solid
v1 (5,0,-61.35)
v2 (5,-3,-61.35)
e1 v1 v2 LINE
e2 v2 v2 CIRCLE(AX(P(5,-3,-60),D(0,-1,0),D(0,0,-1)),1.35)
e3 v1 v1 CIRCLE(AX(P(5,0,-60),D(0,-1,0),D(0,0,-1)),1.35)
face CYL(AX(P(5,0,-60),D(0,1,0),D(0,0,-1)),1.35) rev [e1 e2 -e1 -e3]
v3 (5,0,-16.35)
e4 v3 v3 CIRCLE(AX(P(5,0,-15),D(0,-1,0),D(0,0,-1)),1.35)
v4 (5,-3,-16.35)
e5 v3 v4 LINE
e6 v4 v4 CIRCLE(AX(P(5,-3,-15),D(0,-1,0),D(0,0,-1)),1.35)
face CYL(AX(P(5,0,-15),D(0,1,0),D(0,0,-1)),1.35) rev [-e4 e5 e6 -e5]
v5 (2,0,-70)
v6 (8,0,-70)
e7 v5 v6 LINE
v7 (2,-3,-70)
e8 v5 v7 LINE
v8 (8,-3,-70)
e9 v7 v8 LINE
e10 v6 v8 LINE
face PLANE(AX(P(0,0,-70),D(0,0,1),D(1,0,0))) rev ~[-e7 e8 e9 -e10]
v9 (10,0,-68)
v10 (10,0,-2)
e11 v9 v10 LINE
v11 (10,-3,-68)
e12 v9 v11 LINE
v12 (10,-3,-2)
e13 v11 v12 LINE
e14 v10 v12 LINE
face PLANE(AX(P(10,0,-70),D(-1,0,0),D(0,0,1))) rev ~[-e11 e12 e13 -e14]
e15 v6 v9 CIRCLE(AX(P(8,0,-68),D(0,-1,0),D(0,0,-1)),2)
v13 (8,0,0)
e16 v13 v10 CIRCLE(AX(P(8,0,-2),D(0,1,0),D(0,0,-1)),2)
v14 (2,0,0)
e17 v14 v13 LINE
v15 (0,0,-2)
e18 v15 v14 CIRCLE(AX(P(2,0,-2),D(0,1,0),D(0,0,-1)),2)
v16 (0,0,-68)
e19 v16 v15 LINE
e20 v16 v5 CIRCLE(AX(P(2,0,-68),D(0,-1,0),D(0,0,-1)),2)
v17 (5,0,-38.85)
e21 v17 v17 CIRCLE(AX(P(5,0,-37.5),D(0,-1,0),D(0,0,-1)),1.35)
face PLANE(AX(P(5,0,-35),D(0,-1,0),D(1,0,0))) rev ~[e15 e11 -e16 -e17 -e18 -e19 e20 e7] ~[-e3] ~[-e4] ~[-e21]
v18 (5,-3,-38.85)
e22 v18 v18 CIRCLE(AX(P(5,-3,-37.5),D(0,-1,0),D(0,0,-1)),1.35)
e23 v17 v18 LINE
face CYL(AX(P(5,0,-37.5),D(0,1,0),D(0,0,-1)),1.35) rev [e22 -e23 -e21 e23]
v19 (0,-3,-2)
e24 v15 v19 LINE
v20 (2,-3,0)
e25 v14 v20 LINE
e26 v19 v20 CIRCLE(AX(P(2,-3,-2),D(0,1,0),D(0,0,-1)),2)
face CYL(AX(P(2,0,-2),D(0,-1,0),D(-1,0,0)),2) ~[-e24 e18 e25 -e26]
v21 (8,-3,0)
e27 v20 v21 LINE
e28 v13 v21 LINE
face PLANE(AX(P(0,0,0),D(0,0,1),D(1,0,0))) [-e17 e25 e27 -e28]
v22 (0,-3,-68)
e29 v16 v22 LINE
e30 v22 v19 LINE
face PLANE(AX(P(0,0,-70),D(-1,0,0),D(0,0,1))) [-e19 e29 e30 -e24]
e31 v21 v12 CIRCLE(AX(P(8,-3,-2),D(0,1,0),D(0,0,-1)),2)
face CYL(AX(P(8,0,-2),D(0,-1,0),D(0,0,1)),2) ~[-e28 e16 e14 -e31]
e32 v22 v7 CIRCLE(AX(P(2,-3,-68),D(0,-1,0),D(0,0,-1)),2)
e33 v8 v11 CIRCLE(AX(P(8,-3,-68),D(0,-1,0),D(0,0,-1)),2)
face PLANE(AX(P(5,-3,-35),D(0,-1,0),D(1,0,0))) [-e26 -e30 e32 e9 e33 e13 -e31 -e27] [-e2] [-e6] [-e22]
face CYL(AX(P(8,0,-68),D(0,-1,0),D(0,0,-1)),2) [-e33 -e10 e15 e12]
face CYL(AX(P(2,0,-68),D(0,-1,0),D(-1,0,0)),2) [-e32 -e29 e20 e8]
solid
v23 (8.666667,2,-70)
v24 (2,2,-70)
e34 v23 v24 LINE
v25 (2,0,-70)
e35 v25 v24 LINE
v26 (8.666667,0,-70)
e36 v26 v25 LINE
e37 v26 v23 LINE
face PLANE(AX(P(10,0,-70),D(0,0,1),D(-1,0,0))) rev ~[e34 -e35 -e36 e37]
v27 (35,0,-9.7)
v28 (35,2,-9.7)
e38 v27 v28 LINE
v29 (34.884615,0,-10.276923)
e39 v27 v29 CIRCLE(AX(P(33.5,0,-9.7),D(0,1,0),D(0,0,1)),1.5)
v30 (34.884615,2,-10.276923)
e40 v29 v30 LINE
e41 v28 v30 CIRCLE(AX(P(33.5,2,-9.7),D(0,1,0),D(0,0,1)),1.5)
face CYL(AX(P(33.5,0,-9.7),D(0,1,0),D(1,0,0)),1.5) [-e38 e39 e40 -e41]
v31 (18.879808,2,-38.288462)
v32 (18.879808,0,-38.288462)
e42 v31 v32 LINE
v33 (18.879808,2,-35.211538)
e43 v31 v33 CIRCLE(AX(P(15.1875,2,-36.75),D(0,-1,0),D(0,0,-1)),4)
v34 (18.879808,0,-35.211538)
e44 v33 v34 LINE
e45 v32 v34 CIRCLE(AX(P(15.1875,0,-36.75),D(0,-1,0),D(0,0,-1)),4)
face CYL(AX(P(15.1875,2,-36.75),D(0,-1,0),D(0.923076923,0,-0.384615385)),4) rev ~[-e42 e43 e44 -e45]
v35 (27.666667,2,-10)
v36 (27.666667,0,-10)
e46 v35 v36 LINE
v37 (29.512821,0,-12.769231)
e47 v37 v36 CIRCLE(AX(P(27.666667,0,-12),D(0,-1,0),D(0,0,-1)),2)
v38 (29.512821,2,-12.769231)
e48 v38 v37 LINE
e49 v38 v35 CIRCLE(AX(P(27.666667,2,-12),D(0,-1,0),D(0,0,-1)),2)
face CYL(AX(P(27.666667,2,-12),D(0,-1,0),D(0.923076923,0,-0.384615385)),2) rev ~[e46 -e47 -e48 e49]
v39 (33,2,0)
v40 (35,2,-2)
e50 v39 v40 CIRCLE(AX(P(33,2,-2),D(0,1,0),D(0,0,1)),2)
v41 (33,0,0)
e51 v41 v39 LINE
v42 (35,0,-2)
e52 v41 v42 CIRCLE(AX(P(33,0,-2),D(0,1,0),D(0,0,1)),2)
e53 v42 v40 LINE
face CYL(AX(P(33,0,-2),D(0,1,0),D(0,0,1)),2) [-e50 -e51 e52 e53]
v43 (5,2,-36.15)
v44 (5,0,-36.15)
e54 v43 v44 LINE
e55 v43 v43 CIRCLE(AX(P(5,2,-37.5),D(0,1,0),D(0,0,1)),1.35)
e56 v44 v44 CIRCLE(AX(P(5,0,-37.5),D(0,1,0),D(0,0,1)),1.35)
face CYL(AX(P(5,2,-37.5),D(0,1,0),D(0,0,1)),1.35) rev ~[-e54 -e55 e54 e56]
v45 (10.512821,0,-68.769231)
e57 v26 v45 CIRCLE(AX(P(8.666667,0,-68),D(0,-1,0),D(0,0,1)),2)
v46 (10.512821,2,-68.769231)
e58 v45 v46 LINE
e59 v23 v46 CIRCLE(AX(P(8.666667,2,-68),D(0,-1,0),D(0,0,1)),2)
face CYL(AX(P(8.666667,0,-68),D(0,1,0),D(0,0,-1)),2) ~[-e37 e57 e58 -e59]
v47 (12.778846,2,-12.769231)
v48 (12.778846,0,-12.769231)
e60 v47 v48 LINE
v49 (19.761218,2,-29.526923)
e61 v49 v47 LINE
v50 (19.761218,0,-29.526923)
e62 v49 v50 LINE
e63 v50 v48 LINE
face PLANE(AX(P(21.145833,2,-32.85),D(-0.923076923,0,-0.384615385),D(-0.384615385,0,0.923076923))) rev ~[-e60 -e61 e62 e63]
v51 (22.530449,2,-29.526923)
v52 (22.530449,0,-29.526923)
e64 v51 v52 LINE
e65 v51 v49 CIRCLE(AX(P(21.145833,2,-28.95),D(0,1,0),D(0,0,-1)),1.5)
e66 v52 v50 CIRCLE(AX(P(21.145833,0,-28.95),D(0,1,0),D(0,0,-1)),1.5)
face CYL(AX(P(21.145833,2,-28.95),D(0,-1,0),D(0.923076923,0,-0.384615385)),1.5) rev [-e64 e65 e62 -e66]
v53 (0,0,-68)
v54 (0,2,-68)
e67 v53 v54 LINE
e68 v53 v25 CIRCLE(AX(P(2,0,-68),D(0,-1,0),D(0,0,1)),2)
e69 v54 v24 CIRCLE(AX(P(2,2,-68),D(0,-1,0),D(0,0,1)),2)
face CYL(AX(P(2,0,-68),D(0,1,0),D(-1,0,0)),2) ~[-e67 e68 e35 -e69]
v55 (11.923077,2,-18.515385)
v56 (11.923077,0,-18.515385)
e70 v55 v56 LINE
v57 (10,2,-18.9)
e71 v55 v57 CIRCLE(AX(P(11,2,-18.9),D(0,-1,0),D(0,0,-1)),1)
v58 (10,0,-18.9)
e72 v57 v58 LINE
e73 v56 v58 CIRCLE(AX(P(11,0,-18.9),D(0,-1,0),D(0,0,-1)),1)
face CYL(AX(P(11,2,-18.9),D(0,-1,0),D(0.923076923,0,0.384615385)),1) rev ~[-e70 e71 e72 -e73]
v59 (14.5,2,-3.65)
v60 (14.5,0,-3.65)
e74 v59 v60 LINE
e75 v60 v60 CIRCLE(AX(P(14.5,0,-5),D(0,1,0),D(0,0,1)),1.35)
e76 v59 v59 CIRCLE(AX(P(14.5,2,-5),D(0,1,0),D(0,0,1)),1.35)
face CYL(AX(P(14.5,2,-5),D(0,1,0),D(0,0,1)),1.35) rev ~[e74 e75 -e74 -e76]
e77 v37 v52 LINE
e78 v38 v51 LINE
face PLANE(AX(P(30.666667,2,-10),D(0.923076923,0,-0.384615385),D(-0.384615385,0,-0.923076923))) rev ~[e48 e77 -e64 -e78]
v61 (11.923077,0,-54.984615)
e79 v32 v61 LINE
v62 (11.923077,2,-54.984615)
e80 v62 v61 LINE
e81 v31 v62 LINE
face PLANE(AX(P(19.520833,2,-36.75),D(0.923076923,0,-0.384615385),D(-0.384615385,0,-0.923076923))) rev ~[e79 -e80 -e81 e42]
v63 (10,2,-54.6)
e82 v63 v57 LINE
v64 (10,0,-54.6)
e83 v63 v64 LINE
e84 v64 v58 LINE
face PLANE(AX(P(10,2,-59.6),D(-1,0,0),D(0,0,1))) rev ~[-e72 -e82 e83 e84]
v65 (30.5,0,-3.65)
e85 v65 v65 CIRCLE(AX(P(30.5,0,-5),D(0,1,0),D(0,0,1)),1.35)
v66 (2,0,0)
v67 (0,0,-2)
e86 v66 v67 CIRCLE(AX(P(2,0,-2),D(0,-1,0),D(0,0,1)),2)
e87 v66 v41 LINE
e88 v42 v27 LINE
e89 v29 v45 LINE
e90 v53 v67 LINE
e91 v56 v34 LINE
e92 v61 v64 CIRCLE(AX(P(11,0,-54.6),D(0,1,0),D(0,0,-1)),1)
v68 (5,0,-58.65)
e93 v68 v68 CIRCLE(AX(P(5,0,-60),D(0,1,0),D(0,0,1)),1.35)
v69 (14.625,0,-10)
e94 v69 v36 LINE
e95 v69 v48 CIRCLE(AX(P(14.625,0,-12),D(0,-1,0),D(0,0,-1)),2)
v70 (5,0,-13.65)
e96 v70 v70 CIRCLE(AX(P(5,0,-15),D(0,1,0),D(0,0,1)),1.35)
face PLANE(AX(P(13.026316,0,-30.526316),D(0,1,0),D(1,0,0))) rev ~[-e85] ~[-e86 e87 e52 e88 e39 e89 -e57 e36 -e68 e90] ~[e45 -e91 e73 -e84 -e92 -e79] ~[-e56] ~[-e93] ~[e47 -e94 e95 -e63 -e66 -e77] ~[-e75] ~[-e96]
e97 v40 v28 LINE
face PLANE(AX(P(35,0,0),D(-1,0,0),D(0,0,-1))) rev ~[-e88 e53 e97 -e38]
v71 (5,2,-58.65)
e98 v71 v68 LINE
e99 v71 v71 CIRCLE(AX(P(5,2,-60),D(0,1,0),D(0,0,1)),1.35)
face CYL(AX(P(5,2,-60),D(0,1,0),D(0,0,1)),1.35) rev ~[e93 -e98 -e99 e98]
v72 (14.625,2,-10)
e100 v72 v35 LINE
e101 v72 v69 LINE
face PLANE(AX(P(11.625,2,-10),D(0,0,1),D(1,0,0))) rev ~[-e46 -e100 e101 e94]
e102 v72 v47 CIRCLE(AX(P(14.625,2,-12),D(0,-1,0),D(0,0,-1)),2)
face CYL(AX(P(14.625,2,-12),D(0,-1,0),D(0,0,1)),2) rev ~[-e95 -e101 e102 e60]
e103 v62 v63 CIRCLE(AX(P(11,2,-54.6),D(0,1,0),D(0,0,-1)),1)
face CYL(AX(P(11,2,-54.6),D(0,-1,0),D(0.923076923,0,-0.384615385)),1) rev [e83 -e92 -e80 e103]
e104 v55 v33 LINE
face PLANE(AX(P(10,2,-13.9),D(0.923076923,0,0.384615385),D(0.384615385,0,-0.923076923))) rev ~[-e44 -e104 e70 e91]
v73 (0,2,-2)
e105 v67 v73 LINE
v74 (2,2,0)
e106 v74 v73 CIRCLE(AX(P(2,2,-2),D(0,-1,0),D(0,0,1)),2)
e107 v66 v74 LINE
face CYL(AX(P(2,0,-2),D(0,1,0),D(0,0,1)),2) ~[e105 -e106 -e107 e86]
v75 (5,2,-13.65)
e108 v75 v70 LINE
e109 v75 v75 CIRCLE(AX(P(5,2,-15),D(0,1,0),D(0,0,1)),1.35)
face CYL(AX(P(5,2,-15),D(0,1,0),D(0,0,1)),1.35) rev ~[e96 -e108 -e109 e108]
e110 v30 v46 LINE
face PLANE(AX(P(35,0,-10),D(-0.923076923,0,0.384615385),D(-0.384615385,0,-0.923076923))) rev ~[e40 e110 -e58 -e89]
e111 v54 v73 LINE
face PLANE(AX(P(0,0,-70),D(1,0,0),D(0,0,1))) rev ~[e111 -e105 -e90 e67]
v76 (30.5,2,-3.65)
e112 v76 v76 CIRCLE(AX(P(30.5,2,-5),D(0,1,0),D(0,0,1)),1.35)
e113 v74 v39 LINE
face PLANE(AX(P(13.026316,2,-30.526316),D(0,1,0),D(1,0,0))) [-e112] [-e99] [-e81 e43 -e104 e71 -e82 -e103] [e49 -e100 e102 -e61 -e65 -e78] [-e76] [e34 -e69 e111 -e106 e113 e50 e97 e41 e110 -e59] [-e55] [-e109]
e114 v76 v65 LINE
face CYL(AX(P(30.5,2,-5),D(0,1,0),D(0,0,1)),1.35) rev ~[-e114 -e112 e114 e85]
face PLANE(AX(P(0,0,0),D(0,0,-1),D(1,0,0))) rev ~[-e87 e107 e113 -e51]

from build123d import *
from OCP.BRepFilletAPI import BRepFilletAPI_MakeFillet

# Parameters (mm, degrees)
EXTRUDE_1_DEPTH     = 2
CUT_EXTRUDE_1_DEPTH = 3
SKETCH_3_R          = 1.35
CUT_EXTRUDE_2_DEPTH = 79.287930104
FILLET_1_R1         = 2
FILLET_1_R2         = 1
FILLET_1_R3         = 1.5
FILLET_1_R4         = 4
SKETCH_4_W          = 10
SKETCH_4_H          = 70
SKETCH_4_R          = 1.35
EXTRUDE_2_DEPTH     = 3
FILLET_2_R          = 2


with BuildPart() as part:
    # 草图1 → 凸台-拉伸1 (new body)
    with BuildSketch(Plane(origin=(0, 0, 0), x_dir=(1, 0, 0), z_dir=(0, 1, 0))):
        Polygon((0, 0), (35, 0), (35, 10), (10, 70), (0, 70), align=None)
    extrude(amount=EXTRUDE_1_DEPTH)

    # 草图2 → 切除-拉伸1 (cut)
    with BuildSketch(Plane(origin=(0, 2, 0), x_dir=(1, 0, 0), z_dir=(0, 1, 0))):
        Polygon((19.520833333, 36.75), (10, 59.6), (10, 13.9), align=None)
        Polygon((30.666666667, 10), (21.145833333, 32.85), (11.625, 10), align=None)
    extrude(amount=-CUT_EXTRUDE_1_DEPTH, mode=Mode.SUBTRACT)

    # 草图3 → 切除-拉伸2 (cut, through all)
    with BuildSketch(Plane(origin=(0, 2, 0), x_dir=(1, 0, 0), z_dir=(0, 1, 0))):
        with Locations((30.5, 5)):
            Circle(SKETCH_3_R)
        with Locations((14.5, 5)):
            Circle(SKETCH_3_R)
        with Locations((5, 15)):
            Circle(SKETCH_3_R)
        with Locations((5, 60)):
            Circle(SKETCH_3_R)
        with Locations((5, 37.5)):
            Circle(SKETCH_3_R)
    extrude(amount=-CUT_EXTRUDE_2_DEPTH, mode=Mode.SUBTRACT)

    # 圆角1: one fillet with a radius per group of edges: ONE call of the kernel's fillet builder (fillet() takes one radius for all edges)
    fillet_1_edges_1 = [part.edges().sort_by_distance(p)[0] for p in [
        (30.666666667, 1, -10),
        (0, 1, 0),
        (35, 1, 0),
        (10, 1, -70),
        (0, 1, -70),
        (11.625, 1, -10),
    ]]
    fillet_1_edges_2 = [part.edges().sort_by_distance(p)[0] for p in [
        (10, 1, -59.6),
        (10, 1, -13.9),
    ]]
    fillet_1_edges_3 = [part.edges().sort_by_distance(p)[0] for p in [
        (35, 1, -10),
        (21.145833333, 1, -32.85),
    ]]
    fillet_1_edges_4 = [part.edges().sort_by_distance(p)[0] for p in [
        (19.520833333, 1, -36.75),
    ]]
    fillet_1 = BRepFilletAPI_MakeFillet(part.part.solid().wrapped)
    for e in fillet_1_edges_1:
        fillet_1.Add(FILLET_1_R1, e.wrapped)
    for e in fillet_1_edges_2:
        fillet_1.Add(FILLET_1_R2, e.wrapped)
    for e in fillet_1_edges_3:
        fillet_1.Add(FILLET_1_R3, e.wrapped)
    for e in fillet_1_edges_4:
        fillet_1.Add(FILLET_1_R4, e.wrapped)
    add(Compound.cast(fillet_1.Shape()), mode=Mode.REPLACE)


with BuildPart() as body_2:
    # 草图4 → 凸台-拉伸2 (new body)
    with BuildSketch(Plane.XZ):
        with Locations((5, -35)):
            Rectangle(SKETCH_4_W, SKETCH_4_H)
        with Locations((5, -15)):
            Circle(SKETCH_4_R, mode=Mode.SUBTRACT)
        with Locations((5, -37.5)):
            Circle(SKETCH_4_R, mode=Mode.SUBTRACT)
        with Locations((5, -60)):
            Circle(SKETCH_4_R, mode=Mode.SUBTRACT)
    extrude(amount=EXTRUDE_2_DEPTH)

    # 圆角2
    fillet_2_edges = [body_2.edges().sort_by_distance(p)[0] for p in [
        (0, -1.5, -70),
        (0, -1.5, 0),
        (10, -1.5, 0),
        (10, -1.5, -70),
    ]]
    fillet(fillet_2_edges, radius=FILLET_2_R)


solid = Compound([part.part, body_2.part])
